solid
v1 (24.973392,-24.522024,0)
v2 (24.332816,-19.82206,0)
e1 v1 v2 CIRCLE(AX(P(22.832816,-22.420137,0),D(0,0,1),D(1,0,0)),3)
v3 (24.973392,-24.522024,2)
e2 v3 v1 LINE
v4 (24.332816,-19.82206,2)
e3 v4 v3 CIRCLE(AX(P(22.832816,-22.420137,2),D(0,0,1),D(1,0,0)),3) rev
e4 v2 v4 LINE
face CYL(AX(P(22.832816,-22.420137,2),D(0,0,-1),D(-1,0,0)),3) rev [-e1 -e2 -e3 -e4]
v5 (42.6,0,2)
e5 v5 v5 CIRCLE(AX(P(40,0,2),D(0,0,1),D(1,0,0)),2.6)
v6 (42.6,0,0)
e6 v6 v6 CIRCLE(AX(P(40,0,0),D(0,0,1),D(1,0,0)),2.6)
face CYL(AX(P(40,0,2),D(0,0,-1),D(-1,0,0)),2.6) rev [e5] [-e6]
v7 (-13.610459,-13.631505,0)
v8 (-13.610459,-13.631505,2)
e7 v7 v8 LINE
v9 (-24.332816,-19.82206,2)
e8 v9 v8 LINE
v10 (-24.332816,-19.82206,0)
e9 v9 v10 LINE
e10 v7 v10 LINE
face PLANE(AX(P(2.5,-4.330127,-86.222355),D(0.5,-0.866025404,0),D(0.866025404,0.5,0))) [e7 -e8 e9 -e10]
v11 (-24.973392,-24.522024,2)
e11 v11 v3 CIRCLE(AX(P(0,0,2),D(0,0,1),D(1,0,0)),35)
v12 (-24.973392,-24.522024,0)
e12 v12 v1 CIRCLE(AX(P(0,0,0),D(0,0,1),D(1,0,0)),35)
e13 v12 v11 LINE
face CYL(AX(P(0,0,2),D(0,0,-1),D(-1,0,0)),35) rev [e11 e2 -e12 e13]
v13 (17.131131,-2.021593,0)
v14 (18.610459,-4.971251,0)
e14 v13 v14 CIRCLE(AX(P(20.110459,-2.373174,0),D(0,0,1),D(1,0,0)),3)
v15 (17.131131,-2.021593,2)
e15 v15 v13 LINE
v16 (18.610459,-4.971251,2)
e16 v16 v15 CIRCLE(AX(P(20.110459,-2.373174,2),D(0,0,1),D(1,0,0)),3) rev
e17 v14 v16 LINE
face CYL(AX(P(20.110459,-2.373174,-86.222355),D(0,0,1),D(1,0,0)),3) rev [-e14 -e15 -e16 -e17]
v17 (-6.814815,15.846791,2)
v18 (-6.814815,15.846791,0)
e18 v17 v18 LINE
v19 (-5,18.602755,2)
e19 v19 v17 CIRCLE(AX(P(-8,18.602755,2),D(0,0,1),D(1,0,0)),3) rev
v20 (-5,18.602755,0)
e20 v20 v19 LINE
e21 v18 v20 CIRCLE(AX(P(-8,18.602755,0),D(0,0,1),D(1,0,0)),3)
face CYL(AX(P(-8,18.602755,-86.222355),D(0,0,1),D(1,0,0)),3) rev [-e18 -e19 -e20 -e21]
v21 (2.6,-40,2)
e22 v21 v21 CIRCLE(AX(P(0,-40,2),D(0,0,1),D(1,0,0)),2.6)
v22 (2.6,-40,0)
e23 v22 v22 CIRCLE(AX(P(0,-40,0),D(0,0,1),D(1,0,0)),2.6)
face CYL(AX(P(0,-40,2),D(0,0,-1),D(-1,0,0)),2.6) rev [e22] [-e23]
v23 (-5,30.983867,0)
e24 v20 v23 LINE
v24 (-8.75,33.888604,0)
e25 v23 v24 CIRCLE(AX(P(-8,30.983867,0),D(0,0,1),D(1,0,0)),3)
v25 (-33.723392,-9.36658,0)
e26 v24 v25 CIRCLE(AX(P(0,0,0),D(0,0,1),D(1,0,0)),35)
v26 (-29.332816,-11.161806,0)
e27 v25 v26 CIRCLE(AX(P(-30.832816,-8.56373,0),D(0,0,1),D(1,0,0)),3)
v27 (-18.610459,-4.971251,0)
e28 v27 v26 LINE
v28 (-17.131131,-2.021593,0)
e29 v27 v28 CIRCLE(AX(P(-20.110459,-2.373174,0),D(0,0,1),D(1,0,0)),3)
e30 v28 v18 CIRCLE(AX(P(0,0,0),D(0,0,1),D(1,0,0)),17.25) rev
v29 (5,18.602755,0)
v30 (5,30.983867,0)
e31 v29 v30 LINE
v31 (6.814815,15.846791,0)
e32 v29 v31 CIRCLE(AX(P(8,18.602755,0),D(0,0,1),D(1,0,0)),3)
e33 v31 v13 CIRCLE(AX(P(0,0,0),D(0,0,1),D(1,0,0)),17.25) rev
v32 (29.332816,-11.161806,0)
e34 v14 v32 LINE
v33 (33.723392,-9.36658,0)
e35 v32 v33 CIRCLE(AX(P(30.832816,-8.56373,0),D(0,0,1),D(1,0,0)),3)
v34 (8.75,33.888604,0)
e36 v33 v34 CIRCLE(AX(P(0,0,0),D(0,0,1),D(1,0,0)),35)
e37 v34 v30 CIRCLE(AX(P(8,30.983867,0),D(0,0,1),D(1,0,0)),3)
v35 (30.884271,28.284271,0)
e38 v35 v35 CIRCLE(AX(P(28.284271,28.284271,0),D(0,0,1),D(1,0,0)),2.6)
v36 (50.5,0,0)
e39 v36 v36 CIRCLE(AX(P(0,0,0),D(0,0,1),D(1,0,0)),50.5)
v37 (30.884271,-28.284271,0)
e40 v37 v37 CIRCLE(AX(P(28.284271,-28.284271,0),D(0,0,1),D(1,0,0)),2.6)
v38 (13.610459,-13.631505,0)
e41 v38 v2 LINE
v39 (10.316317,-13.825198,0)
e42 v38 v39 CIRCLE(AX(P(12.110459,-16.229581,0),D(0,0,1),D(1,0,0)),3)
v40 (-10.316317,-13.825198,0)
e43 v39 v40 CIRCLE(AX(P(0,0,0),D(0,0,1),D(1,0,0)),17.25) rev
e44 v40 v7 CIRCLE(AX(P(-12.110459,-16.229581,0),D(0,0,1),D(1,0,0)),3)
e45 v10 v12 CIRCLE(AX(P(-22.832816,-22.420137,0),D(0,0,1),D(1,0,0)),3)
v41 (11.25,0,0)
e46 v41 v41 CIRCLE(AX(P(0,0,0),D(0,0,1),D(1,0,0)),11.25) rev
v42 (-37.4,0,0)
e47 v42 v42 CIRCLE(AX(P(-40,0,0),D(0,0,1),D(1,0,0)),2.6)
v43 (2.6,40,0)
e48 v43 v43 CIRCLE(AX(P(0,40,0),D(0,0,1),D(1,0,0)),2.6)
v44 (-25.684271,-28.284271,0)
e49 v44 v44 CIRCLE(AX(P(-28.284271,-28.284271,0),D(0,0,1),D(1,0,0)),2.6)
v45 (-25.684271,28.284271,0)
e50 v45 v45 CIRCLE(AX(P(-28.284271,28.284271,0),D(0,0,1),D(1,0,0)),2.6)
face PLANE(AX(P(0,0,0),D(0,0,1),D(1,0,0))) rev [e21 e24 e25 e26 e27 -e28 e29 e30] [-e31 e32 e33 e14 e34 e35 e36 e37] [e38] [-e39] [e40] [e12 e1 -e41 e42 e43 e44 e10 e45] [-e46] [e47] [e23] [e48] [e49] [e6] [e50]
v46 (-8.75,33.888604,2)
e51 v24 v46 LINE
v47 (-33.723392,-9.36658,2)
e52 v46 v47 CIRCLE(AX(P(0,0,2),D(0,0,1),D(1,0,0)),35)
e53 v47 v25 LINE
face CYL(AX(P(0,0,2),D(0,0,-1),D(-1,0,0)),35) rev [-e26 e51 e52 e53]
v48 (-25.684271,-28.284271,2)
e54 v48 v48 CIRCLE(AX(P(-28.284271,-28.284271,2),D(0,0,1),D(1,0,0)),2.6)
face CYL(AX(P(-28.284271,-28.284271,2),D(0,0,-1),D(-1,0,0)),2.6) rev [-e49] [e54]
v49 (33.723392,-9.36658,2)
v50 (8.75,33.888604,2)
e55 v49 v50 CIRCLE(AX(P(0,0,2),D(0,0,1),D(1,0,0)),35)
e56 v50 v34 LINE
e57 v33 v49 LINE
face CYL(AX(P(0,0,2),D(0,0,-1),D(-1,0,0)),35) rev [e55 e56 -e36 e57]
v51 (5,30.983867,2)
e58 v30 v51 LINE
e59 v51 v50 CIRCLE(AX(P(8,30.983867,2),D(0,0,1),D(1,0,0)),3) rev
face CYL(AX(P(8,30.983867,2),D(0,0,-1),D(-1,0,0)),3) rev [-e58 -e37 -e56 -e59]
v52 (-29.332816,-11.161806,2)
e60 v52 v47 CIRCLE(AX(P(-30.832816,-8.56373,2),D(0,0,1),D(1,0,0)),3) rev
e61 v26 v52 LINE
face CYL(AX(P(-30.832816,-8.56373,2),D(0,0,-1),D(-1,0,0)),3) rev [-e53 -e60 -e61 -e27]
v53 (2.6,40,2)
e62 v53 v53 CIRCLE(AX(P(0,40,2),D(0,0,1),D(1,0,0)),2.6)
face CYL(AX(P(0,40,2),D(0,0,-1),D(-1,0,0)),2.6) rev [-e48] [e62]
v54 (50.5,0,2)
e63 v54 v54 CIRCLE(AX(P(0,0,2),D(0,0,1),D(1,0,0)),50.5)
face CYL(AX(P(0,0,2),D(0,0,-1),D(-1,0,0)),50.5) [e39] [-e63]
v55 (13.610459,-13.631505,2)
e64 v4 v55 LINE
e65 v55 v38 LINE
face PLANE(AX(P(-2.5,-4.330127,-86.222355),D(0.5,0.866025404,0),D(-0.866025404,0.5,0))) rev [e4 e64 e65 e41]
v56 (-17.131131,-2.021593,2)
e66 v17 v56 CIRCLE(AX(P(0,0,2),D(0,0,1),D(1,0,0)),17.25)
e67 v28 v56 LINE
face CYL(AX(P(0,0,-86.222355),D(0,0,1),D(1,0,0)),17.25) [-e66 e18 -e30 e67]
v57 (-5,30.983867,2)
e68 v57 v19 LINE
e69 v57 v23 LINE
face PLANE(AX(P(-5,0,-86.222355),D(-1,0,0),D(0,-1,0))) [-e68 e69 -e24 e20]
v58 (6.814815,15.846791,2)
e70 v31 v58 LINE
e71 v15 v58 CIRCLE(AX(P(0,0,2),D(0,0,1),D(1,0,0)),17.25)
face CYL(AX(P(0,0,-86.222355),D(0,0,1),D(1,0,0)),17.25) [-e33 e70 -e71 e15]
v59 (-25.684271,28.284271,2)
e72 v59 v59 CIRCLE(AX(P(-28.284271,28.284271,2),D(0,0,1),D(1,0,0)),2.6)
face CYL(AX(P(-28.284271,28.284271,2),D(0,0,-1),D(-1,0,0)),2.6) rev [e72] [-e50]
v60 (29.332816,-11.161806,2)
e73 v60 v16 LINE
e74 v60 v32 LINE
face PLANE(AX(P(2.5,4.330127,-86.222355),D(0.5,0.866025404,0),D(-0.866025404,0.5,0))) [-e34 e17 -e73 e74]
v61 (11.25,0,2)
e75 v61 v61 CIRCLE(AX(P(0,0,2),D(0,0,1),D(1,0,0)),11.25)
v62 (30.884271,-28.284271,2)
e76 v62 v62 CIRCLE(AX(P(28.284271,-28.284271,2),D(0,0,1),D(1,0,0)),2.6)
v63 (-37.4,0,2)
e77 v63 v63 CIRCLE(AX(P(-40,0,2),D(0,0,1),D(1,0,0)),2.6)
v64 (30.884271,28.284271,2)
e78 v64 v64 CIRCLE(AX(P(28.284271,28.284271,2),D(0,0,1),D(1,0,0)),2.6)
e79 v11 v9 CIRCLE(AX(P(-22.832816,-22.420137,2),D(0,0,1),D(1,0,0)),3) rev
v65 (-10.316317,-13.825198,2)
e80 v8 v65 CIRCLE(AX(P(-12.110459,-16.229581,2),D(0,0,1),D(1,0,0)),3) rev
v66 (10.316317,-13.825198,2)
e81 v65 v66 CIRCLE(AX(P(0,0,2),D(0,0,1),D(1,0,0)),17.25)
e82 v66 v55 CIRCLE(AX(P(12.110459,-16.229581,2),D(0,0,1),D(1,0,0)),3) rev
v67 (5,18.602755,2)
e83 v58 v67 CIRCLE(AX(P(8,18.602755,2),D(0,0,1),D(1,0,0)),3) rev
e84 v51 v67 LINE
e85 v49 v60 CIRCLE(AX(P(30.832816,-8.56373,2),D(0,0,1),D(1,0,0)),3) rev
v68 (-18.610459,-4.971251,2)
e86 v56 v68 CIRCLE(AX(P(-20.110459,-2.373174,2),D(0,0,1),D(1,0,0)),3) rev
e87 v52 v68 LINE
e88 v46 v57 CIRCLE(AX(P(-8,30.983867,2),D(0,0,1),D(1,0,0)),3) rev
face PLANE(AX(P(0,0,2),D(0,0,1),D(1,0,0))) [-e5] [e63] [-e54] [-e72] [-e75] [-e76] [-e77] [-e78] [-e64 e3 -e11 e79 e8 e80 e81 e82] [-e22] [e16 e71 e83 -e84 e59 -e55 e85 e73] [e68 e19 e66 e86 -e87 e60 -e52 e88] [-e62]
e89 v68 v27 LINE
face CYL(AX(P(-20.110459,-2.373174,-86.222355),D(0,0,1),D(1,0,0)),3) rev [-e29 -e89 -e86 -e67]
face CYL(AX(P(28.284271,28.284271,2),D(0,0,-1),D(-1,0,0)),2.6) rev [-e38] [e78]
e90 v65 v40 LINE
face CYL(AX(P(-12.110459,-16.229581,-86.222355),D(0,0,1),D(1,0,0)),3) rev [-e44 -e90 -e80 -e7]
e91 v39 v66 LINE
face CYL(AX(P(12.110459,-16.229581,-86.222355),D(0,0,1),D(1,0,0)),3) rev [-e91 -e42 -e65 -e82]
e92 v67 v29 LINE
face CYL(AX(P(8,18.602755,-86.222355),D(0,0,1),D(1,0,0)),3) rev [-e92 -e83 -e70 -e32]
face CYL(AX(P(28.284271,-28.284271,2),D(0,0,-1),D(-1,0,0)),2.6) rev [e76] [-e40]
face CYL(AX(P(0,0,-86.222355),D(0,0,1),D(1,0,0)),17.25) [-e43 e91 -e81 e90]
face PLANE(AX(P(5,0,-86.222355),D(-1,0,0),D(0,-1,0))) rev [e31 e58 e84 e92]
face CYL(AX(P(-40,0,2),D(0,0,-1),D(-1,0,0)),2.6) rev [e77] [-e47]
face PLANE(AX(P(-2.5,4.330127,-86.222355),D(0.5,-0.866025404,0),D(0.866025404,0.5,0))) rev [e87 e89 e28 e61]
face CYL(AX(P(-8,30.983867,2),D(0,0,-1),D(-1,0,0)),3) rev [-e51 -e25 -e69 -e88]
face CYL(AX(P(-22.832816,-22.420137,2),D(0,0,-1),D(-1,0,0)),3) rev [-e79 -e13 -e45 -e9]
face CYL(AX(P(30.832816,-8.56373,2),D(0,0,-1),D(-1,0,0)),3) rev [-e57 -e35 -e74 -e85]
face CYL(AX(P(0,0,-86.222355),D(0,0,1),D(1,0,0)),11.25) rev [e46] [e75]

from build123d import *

# Parameters (mm, degrees)
SKETCH_1_R      = 50.5
SKETCH_1_R_2    = 2.6
SKETCH_1_R_3    = 35
EXTRUDE_1_DEPTH = 2
EXTRUDE_START   = -2
SKETCH_2_R      = 11.25
EXTRUDE_3_DEPTH = 2
FILLET_1_R      = 3


with BuildPart() as part:
    # 草图1 → 凸台-拉伸1 (new body)
    with BuildSketch(Plane.XY):
        Circle(SKETCH_1_R)
        with Locations((0, 40)):
            Circle(SKETCH_1_R_2, mode=Mode.SUBTRACT)
        Circle(SKETCH_1_R_3, mode=Mode.SUBTRACT)
        with Locations((28.284271247, 28.284271247)):
            Circle(SKETCH_1_R_2, mode=Mode.SUBTRACT)
        with Locations((40, 0)):
            Circle(SKETCH_1_R_2, mode=Mode.SUBTRACT)
        with Locations((28.284271247, -28.284271247)):
            Circle(SKETCH_1_R_2, mode=Mode.SUBTRACT)
        with Locations((0, -40)):
            Circle(SKETCH_1_R_2, mode=Mode.SUBTRACT)
        with Locations((-28.284271247, -28.284271247)):
            Circle(SKETCH_1_R_2, mode=Mode.SUBTRACT)
        with Locations((-40, 0)):
            Circle(SKETCH_1_R_2, mode=Mode.SUBTRACT)
        with Locations((-28.284271247, 28.284271247)):
            Circle(SKETCH_1_R_2, mode=Mode.SUBTRACT)
    extrude(amount=EXTRUDE_1_DEPTH)

    # 草图2 → 凸台-拉伸3 (add)
    with BuildSketch(Plane.XY.offset(2).offset(EXTRUDE_START)):
        with BuildLine():
            ThreePointArc((5, 34.641016151), (0, 35), (-5, 34.641016151))
            Line((-5, 34.641016151), (-5, 16.509466981))
            ThreePointArc((-5, 16.509466981), (-14.938938215, 8.625), (-16.797617809, -3.924606472))
            Line((-16.797617809, -3.924606472), (-32.5, -12.990381057))
            ThreePointArc((-32.5, -12.990381057), (-30.310889132, -17.5), (-27.5, -21.650635095))
            Line((-27.5, -21.650635095), (-11.797617809, -12.584860509))
            ThreePointArc((-11.797617809, -12.584860509), (0, -17.25), (11.797617809, -12.584860509))
            Line((11.797617809, -12.584860509), (27.5, -21.650635095))
            ThreePointArc((27.5, -21.650635095), (30.310889132, -17.5), (32.5, -12.990381057))
            Line((32.5, -12.990381057), (16.797617809, -3.924606472))
            ThreePointArc((16.797617809, -3.924606472), (14.938938215, 8.625), (5, 16.509466981))
            Line((5, 16.509466981), (5, 34.641016151))
        make_face()
        Circle(SKETCH_2_R, mode=Mode.SUBTRACT)
    extrude(amount=EXTRUDE_3_DEPTH)

    # 圆角1
    fillet_1_edges = [part.edges().sort_by_distance(p)[0] for p in [
        (-16.797617809, -3.924606472, 1),
        (-32.5, -12.990381057, 1),
        (-27.5, -21.650635095, 1),
        (-11.797617809, -12.584860509, 1),
        (11.797617809, -12.584860509, 1),
        (27.5, -21.650635095, 1),
        (32.5, -12.990381057, 1),
        (16.797617809, -3.924606472, 1),
        (5, 16.509466981, 1),
        (5, 34.641016151, 1),
        (-5, 34.641016151, 1),
        (-5, 16.509466981, 1),
    ]]
    fillet(fillet_1_edges, radius=FILLET_1_R)


solid = part.part
